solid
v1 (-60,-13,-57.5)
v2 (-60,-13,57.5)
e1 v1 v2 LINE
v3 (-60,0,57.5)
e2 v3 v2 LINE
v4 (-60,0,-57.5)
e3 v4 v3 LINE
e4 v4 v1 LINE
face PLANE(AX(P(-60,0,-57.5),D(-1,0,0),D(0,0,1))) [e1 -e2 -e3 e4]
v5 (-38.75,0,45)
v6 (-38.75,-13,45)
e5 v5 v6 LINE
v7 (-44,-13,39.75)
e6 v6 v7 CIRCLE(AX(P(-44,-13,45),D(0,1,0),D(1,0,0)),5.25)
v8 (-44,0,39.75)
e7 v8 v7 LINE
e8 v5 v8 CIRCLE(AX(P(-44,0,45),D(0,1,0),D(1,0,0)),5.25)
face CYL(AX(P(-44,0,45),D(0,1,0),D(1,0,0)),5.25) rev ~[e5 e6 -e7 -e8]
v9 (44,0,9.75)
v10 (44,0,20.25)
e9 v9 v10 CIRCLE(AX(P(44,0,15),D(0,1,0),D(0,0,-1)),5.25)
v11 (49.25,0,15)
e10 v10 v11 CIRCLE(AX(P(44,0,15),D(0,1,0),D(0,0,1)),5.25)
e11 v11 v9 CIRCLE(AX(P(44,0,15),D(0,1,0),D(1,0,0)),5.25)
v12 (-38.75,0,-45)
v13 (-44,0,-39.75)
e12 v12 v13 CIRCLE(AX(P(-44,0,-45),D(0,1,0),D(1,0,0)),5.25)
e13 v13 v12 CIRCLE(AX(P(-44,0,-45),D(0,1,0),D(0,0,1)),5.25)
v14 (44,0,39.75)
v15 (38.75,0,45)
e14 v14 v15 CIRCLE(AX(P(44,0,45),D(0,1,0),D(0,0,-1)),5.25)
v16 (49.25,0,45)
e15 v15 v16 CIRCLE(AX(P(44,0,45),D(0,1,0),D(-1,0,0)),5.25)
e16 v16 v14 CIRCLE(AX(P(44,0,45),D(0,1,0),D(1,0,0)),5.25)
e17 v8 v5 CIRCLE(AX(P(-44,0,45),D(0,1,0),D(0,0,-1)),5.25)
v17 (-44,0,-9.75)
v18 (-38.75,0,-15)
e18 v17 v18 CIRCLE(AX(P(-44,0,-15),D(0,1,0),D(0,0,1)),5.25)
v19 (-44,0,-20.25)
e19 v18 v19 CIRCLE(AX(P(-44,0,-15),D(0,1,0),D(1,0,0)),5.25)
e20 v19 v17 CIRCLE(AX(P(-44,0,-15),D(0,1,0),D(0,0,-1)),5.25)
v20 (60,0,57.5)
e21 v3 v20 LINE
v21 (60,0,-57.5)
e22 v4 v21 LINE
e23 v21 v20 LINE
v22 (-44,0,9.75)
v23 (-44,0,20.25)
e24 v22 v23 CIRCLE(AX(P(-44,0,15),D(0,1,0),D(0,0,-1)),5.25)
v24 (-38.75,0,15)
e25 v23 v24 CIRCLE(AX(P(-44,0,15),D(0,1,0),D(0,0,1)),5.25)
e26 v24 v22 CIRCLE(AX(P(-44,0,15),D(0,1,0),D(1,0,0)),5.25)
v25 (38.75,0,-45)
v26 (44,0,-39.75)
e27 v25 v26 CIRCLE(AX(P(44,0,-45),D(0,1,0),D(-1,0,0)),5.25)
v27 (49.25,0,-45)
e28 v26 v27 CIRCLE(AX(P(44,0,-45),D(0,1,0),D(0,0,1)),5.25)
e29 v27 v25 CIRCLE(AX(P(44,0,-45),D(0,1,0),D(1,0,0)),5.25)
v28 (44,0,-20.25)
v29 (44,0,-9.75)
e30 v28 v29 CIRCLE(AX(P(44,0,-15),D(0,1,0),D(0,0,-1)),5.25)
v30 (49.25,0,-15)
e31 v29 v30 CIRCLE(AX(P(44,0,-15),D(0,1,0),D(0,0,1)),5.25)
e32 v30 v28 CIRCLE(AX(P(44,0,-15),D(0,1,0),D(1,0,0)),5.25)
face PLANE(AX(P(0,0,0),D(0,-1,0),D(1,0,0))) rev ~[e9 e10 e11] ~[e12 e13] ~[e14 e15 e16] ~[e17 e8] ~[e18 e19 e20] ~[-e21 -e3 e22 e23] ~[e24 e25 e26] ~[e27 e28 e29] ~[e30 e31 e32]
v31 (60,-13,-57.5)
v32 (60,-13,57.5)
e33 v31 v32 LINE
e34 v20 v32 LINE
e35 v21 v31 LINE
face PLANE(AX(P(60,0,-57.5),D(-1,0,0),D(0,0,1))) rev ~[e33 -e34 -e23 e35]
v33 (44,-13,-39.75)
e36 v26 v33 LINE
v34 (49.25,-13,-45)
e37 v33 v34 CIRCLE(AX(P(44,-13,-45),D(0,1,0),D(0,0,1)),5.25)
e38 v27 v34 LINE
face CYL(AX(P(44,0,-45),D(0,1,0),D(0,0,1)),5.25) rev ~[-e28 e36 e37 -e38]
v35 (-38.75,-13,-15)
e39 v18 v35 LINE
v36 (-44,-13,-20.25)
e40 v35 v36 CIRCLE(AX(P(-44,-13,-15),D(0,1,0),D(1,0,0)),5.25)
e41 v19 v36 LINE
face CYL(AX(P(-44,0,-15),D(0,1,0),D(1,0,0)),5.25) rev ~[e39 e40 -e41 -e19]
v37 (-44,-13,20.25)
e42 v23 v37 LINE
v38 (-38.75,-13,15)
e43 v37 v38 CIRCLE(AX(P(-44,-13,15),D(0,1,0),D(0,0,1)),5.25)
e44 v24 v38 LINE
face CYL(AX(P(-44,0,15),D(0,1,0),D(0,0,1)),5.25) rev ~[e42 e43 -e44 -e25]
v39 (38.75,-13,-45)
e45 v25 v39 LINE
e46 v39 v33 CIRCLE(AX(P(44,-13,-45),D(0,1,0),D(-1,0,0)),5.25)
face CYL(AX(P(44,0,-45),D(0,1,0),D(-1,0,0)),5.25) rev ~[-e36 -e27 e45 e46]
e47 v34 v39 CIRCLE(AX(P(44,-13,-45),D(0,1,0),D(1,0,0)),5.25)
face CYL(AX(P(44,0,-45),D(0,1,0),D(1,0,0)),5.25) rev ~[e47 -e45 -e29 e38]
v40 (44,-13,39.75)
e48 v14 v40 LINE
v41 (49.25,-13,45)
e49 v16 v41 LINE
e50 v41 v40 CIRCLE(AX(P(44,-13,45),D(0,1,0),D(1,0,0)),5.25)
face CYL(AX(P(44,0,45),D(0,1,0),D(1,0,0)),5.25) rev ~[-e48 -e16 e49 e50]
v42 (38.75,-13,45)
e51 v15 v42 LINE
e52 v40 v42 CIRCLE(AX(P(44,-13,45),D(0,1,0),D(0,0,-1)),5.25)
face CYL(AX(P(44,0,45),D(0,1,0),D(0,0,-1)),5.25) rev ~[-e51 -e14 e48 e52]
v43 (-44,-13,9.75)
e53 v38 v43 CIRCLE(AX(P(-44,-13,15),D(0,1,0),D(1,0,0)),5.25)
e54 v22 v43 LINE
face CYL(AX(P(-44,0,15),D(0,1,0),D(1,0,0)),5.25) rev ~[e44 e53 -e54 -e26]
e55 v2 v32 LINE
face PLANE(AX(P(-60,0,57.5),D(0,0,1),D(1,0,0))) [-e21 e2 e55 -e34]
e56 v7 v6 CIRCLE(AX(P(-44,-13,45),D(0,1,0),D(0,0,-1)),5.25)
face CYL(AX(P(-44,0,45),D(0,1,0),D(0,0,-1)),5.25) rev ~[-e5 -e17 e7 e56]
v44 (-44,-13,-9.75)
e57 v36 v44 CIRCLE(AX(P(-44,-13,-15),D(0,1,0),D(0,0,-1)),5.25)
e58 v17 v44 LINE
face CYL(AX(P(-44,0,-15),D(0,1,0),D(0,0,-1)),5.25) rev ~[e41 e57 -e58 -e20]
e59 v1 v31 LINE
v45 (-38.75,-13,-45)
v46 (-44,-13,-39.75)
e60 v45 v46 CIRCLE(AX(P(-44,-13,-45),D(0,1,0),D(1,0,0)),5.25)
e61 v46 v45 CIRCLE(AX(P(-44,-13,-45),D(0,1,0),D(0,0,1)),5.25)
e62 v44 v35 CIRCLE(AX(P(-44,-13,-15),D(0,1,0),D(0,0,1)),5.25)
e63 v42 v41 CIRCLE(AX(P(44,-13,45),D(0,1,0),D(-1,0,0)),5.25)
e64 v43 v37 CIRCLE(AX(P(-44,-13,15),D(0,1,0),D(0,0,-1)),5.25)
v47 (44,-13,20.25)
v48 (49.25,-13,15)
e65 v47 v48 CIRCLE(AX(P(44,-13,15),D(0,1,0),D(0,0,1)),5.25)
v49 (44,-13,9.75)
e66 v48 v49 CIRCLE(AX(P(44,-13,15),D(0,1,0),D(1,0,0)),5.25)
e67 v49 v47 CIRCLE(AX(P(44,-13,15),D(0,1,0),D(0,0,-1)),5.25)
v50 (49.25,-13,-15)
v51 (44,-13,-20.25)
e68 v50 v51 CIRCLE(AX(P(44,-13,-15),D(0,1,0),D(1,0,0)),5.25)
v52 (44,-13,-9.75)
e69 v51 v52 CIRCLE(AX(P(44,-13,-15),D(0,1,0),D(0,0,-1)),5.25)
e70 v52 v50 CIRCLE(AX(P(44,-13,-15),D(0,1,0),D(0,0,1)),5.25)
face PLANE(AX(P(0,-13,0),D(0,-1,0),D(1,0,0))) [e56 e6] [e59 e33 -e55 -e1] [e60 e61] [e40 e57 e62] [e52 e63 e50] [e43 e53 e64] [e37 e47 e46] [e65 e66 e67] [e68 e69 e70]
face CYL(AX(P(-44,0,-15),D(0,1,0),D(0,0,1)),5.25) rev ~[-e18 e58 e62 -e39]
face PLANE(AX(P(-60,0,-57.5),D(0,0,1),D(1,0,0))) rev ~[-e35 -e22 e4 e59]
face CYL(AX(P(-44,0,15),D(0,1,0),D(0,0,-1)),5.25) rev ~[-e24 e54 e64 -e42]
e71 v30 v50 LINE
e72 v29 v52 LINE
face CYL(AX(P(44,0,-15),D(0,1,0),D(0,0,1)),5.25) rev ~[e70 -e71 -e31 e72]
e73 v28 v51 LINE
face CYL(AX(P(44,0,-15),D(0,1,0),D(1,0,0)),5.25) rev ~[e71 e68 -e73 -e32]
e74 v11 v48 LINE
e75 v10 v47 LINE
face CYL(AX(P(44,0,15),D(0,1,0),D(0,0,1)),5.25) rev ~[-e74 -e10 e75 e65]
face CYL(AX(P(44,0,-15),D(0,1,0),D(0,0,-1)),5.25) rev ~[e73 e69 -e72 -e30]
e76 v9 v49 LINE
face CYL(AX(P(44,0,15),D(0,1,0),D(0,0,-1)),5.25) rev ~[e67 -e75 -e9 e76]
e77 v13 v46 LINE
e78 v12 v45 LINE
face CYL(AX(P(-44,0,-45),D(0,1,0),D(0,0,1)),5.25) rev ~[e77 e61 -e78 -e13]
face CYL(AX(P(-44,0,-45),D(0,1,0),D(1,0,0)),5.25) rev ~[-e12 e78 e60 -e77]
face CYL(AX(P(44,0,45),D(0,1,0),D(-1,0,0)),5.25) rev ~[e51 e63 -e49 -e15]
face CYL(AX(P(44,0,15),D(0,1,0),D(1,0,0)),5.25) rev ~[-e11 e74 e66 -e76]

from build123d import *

# Parameters (mm, degrees)
F0_W     = 120
F0_H     = 115
F1_DEPTH = 13


with BuildPart() as f1:
    # F0 (on Front) → F1 (new body)
    with BuildSketch(Plane.XZ):
        Rectangle(F0_W, F0_H)
        with BuildLine():
            Line((38.75, -45), (-38.75, -45))
            ThreePointArc((-38.75, -45), (-47.7123106012, -48.7123106012), (-44, -39.75))
            Line((-44, -39.75), (-44, -20.25))
            ThreePointArc((-44, -20.25), (-49.25, -15), (-44, -9.75))
            Line((-44, -9.75), (-44, 9.75))
            ThreePointArc((-44, 9.75), (-49.25, 15), (-44, 20.25))
            Line((-44, 20.25), (-44, 39.75))
            ThreePointArc((-44, 39.75), (-47.7123106012, 48.7123106012), (-38.75, 45))
            Line((-38.75, 45), (38.75, 45))
            ThreePointArc((38.75, 45), (44, 50.25), (49.25, 45))
            ThreePointArc((49.25, 45), (47.7123106012, 41.2876893988), (44, 39.75))
            Line((44, 39.75), (44, 20.25))
            ThreePointArc((44, 20.25), (47.7123106012, 18.7123106012), (49.25, 15))
            ThreePointArc((49.25, 15), (47.7123106012, 11.2876893988), (44, 9.75))
            Line((44, 9.75), (44, -9.75))
            ThreePointArc((44, -9.75), (47.7123106012, -11.2876893988), (49.25, -15))
            ThreePointArc((49.25, -15), (47.7123106012, -18.7123106012), (44, -20.25))
            Line((44, -20.25), (44, -39.75))
            ThreePointArc((44, -39.75), (47.7123106012, -41.2876893988), (49.25, -45))
            ThreePointArc((49.25, -45), (44, -50.25), (38.75, -45))
        make_face(mode=Mode.SUBTRACT)
        with BuildLine():
            ThreePointArc((-44, -39.75), (-40.2876893988, -41.2876893988), (-38.75, -45))
            Line((-38.75, -45), (38.75, -45))
            ThreePointArc((38.75, -45), (40.2876893988, -41.2876893988), (44, -39.75))
            Line((44, -39.75), (44, -20.25))
            ThreePointArc((44, -20.25), (38.75, -15), (44, -9.75))
            Line((44, -9.75), (44, 9.75))
            ThreePointArc((44, 9.75), (38.75, 15), (44, 20.25))
            Line((44, 20.25), (44, 39.75))
            ThreePointArc((44, 39.75), (40.2876893988, 41.2876893988), (38.75, 45))
            Line((38.75, 45), (-38.75, 45))
            ThreePointArc((-38.75, 45), (-40.2876893988, 41.2876893988), (-44, 39.75))
            Line((-44, 39.75), (-44, 20.25))
            ThreePointArc((-44, 20.25), (-40.2876893988, 18.7123106012), (-38.75, 15))
            ThreePointArc((-38.75, 15), (-40.2876893988, 11.2876893988), (-44, 9.75))
            Line((-44, 9.75), (-44, -9.75))
            ThreePointArc((-44, -9.75), (-40.2876893988, -11.2876893988), (-38.75, -15))
            ThreePointArc((-38.75, -15), (-40.2876893988, -18.7123106012), (-44, -20.25))
            Line((-44, -20.25), (-44, -39.75))
        make_face()
    extrude(amount=F1_DEPTH)


solid = f1.part
